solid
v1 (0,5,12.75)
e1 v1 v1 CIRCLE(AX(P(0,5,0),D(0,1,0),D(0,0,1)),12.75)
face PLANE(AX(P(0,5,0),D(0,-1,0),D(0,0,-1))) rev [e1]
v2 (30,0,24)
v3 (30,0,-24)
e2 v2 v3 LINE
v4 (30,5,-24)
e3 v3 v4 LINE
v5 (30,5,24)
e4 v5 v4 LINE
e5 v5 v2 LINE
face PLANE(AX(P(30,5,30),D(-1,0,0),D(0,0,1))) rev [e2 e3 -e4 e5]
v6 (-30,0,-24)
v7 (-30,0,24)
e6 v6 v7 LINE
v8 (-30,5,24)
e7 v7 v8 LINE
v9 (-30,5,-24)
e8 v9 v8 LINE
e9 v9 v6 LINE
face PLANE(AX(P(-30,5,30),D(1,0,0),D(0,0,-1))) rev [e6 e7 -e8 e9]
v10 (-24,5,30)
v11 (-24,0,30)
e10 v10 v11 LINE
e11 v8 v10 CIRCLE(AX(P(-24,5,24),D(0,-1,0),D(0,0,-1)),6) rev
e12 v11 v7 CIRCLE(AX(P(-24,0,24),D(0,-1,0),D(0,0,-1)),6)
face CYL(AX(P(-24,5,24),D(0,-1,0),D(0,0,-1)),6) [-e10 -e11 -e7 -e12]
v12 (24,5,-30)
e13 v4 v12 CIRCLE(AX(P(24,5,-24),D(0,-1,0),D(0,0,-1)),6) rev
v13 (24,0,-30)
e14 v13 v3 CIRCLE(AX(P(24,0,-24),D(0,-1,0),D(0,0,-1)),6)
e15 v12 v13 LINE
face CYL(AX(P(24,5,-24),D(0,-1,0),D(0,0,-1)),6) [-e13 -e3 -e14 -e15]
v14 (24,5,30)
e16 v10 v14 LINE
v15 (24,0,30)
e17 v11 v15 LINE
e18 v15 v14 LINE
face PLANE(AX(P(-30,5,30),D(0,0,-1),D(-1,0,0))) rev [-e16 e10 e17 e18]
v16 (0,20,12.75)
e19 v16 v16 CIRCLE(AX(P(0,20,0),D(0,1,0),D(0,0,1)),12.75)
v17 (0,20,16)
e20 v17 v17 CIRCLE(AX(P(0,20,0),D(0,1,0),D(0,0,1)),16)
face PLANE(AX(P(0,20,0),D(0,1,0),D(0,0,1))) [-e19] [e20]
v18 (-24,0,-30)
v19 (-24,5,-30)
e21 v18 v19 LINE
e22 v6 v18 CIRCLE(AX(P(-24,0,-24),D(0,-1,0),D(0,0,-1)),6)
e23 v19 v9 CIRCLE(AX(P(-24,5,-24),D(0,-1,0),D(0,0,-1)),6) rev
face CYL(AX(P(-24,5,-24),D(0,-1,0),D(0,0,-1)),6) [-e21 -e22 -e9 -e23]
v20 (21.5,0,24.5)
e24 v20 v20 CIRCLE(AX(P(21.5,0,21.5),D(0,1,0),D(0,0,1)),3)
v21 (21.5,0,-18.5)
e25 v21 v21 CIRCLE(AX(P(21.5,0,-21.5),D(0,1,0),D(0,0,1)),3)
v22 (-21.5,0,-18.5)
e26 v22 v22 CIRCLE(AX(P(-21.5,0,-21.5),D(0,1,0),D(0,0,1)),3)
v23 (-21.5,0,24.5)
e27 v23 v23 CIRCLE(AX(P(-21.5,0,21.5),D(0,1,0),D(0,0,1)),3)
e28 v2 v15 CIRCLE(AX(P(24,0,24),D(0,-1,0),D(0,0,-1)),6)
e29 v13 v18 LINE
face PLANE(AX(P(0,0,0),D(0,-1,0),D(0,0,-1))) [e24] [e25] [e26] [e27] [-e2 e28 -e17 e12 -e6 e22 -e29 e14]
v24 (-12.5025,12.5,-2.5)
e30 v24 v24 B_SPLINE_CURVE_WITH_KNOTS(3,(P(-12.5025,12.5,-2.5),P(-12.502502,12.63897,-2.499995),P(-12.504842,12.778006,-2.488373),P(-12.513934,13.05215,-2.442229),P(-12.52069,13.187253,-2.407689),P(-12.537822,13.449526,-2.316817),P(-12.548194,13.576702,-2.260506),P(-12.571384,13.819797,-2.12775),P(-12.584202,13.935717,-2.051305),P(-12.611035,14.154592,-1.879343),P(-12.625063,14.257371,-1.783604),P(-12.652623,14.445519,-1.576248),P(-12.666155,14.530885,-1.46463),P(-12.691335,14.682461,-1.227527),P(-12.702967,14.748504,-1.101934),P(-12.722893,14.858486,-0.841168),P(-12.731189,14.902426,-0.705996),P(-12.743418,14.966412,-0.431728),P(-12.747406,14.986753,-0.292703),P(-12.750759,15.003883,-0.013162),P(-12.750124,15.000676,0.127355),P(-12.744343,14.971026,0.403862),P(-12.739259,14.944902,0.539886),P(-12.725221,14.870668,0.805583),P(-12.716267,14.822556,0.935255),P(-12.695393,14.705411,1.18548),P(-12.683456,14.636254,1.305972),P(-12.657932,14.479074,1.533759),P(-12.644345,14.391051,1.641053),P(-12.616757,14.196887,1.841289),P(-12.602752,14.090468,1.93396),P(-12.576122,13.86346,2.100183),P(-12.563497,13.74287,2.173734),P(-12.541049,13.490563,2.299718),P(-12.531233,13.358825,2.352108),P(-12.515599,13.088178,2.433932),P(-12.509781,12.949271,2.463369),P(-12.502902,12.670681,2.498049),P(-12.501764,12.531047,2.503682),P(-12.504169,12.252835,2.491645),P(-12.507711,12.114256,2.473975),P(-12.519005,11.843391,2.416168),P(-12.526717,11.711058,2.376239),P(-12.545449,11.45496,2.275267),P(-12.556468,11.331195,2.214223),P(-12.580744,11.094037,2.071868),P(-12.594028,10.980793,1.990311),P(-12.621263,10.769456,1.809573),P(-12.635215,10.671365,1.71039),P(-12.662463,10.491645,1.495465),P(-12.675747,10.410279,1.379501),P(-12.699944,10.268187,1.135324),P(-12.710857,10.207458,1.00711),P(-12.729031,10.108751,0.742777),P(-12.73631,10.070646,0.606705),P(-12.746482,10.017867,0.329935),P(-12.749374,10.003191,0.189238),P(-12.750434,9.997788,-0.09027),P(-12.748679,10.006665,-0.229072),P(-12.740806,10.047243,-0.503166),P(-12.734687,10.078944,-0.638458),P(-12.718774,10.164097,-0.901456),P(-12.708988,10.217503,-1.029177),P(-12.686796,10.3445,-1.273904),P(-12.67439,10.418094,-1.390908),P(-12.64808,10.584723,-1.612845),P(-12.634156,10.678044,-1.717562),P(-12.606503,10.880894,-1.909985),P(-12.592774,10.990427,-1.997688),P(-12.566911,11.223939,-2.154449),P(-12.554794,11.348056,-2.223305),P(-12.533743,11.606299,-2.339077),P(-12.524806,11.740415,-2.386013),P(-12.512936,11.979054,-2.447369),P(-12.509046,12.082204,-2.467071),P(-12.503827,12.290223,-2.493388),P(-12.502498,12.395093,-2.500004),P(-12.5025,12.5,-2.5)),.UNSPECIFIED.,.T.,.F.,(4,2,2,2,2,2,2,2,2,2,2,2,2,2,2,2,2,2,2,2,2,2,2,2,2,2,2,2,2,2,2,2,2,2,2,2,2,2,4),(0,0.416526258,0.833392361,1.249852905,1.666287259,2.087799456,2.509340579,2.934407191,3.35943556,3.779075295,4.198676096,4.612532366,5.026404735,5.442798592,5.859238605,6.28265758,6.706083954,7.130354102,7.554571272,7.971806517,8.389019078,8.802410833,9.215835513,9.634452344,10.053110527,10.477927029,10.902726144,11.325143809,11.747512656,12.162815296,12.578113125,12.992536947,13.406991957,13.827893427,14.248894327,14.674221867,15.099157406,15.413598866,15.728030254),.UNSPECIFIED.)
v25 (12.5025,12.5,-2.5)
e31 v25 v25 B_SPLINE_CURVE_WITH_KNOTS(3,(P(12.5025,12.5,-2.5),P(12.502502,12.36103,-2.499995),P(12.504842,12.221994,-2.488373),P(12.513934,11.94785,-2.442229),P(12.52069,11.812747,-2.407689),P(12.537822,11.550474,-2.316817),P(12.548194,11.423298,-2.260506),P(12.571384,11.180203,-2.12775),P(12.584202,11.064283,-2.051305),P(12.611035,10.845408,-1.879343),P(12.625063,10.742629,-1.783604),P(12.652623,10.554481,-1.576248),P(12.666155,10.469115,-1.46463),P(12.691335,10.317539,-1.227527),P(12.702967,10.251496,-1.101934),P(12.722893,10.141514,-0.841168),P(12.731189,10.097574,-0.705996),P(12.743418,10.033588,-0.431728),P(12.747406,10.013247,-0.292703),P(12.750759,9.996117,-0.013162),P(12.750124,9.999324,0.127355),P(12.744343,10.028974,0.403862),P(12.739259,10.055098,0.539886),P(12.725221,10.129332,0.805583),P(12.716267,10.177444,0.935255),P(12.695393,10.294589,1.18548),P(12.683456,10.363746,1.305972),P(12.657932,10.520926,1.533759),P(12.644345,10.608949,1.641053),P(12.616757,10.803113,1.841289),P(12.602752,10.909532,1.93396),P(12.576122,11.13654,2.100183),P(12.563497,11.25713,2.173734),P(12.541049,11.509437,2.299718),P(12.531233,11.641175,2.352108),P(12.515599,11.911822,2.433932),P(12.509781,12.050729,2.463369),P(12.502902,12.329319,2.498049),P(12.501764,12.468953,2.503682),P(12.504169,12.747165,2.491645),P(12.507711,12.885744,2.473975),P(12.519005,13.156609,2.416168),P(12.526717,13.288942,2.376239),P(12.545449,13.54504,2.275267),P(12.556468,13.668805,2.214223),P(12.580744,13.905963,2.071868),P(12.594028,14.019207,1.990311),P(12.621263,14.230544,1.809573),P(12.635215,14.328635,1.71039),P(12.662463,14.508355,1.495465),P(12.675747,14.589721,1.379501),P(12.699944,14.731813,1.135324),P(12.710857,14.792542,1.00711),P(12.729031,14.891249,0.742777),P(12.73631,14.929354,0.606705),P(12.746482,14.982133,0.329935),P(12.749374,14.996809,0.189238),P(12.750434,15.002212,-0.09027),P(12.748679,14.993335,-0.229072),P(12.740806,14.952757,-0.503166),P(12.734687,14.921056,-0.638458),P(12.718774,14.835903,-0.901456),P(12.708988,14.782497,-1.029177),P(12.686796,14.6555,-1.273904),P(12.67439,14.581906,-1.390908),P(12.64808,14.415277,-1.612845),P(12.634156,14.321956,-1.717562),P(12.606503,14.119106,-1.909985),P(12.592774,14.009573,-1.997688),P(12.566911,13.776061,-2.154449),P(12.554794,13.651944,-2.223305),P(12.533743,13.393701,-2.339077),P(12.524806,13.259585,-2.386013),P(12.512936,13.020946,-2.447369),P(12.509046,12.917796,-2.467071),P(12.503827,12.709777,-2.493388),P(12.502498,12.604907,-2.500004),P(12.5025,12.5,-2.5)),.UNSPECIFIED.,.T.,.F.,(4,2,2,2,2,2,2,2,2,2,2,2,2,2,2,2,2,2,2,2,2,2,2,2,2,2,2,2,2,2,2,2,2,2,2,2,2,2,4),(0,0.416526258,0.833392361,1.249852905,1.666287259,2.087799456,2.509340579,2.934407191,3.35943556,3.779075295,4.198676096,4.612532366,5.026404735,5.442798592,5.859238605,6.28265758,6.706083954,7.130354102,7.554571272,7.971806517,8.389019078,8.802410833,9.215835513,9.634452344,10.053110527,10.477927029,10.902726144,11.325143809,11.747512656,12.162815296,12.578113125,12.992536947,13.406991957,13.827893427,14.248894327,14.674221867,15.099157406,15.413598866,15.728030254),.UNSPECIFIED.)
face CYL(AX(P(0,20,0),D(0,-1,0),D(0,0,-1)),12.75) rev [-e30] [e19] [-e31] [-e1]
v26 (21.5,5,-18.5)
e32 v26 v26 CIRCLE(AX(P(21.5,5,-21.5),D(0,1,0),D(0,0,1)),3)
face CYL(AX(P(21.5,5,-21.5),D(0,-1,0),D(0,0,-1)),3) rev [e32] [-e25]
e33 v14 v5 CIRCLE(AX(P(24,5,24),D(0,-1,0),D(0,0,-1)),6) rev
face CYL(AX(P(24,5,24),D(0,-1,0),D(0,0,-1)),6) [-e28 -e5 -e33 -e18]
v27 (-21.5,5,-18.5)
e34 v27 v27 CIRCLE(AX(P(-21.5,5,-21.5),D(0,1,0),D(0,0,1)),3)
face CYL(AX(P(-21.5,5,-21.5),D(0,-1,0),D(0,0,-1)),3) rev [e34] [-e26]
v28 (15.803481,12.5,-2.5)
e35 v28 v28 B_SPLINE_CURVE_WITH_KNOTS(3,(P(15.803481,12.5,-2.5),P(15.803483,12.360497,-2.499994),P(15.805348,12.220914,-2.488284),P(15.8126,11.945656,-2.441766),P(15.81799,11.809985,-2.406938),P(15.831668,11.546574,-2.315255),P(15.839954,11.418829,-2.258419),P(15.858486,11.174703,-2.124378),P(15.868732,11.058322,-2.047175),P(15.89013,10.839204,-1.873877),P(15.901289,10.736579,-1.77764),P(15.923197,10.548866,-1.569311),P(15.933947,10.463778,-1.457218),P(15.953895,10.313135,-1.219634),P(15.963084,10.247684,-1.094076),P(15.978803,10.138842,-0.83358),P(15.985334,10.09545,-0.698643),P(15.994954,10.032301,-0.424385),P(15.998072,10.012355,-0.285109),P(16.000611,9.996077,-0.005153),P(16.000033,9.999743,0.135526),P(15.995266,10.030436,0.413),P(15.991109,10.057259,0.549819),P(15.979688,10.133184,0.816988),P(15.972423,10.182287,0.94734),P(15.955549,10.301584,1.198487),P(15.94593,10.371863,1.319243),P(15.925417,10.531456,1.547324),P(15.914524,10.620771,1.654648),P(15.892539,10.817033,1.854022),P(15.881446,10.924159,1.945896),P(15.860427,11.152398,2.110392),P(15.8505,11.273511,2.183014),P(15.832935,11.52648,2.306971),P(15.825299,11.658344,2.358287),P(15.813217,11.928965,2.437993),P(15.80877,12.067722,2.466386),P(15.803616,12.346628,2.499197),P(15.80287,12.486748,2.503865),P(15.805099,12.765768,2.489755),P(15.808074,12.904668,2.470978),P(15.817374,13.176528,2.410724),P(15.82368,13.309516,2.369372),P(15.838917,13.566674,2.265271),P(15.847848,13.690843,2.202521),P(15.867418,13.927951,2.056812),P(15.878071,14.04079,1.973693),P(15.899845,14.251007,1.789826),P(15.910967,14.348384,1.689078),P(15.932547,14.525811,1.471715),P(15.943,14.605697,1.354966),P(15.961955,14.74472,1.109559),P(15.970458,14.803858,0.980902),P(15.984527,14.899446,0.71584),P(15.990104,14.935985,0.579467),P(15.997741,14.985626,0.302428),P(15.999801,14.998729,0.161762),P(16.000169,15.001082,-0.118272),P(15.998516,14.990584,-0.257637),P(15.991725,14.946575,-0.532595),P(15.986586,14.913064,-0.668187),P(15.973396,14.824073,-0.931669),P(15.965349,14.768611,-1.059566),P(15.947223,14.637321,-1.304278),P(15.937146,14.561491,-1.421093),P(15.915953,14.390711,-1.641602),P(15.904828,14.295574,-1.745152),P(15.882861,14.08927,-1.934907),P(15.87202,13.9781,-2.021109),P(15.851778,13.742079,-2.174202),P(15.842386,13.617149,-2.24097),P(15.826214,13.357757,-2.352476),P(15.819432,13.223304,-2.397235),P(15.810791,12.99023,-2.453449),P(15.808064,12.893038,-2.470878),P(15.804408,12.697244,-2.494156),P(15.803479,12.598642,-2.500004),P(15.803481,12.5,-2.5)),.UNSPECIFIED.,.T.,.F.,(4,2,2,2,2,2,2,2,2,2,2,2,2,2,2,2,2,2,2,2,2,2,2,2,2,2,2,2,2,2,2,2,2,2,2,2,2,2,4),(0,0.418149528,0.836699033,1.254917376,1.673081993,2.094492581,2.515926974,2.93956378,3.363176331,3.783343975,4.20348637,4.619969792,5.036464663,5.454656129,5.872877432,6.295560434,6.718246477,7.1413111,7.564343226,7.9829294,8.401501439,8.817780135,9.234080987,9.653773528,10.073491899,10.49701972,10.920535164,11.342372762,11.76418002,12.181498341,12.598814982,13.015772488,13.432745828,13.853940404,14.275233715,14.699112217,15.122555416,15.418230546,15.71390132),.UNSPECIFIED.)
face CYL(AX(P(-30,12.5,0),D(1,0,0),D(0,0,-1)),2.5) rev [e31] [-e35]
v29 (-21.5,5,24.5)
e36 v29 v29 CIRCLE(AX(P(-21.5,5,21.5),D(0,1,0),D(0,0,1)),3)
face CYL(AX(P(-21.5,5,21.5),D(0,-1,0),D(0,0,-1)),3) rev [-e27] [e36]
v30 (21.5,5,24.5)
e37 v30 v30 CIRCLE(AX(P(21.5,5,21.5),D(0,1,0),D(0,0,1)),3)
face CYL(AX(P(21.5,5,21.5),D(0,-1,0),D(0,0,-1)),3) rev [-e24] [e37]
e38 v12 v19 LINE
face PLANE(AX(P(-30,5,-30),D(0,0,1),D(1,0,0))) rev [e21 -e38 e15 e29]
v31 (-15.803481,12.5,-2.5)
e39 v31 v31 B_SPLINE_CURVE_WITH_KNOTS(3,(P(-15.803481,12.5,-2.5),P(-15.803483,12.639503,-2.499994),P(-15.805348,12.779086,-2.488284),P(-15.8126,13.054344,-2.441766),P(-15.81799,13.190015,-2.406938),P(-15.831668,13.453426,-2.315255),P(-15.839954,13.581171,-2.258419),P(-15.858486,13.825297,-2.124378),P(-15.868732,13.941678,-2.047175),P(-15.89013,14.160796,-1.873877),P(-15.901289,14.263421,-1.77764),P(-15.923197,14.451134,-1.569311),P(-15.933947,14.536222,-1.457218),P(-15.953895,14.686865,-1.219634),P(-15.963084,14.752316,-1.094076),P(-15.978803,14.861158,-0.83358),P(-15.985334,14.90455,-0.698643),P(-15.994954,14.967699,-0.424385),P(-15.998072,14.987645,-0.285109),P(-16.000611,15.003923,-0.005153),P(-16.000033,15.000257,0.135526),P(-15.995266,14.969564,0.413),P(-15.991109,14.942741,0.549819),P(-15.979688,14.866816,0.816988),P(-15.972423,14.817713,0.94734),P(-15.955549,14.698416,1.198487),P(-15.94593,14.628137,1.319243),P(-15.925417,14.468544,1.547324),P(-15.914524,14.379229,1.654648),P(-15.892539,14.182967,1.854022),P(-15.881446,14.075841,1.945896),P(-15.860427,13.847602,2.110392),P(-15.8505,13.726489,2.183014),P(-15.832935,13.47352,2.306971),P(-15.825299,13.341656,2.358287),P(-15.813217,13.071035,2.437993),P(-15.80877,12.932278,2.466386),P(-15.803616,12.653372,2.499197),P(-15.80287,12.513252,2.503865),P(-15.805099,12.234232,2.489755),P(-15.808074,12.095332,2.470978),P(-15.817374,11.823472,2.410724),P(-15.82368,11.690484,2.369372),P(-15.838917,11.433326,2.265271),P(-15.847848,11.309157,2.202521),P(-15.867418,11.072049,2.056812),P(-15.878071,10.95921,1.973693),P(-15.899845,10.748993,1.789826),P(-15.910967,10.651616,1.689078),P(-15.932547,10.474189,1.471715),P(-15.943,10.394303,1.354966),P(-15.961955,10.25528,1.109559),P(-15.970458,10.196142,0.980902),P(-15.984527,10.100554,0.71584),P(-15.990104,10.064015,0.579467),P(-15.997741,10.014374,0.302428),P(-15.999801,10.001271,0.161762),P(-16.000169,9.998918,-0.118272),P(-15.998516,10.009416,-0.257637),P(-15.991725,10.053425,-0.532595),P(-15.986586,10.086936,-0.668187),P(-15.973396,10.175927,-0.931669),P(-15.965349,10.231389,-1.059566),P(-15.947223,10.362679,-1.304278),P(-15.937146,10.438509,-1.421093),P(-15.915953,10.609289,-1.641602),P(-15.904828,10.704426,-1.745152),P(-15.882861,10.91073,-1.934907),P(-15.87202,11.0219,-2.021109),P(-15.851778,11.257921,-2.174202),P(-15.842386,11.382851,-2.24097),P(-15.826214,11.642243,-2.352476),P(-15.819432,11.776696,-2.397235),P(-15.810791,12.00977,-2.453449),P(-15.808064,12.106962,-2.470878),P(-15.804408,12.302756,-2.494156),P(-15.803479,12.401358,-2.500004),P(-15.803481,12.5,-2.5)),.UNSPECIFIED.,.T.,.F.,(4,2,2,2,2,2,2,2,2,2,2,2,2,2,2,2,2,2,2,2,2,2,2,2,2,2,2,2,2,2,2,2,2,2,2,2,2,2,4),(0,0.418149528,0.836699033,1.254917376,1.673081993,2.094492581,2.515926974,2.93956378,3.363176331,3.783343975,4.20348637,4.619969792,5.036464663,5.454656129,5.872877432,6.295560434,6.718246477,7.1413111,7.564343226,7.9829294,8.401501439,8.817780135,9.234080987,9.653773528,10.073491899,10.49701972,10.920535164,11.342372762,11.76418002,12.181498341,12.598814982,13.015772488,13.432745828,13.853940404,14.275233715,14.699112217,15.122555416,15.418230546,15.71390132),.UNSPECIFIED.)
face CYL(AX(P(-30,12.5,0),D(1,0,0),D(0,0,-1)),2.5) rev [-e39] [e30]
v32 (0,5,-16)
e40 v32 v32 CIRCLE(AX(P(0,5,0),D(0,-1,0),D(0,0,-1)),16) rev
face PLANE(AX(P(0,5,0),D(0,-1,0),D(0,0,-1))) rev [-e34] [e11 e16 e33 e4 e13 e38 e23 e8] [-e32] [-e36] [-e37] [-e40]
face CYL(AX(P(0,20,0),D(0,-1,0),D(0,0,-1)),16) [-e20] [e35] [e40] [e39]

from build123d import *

# Parameters (mm, degrees)
SKETCH1_W               = 60
SKETCH1_H               = 60
SKETCH1_R               = 3
BOSS_EXTRUDE1_DEPTH     = 5
FILLET1_R               = 6
SKETCH2_R               = 16
SKETCH2_R_2             = 12.75
BOSS_EXTRUDE2_DEPTH     = 15
CUT_EXTRUDE1_DEPTH      = 47.904157598
CUT_EXTRUDE1_DEPTH_BACK = 47.904157598
SKETCH3_R               = 2.5


with BuildPart() as part:
    # Sketch1 → Boss-Extrude1 (new body)
    with BuildSketch(Plane(origin=(0, 0, 0), x_dir=(1, 0, 0), z_dir=(0, 1, 0))):
        Rectangle(SKETCH1_W, SKETCH1_H)
        with Locations(Location((21.5, 21.5, 0), (0, 0, 270))):
            Circle(SKETCH1_R, mode=Mode.SUBTRACT)
        with Locations(Location((-21.5, 21.5, 0), (0, 0, 270))):
            Circle(SKETCH1_R, mode=Mode.SUBTRACT)
        with Locations(Location((-21.5, -21.5, 0), (0, 0, 270))):
            Circle(SKETCH1_R, mode=Mode.SUBTRACT)
        with Locations(Location((21.5, -21.5, 0), (0, 0, 270))):
            Circle(SKETCH1_R, mode=Mode.SUBTRACT)
    extrude(amount=BOSS_EXTRUDE1_DEPTH)

    # Fillet1
    fillet1_edges = [part.edges().sort_by_distance(p)[0] for p in [
        (30, 2.5, 30),
        (-30, 2.5, 30),
        (-30, 2.5, -30),
        (30, 2.5, -30),
    ]]
    fillet(fillet1_edges, radius=FILLET1_R)

    # Sketch2 → Boss-Extrude2 (add)
    with BuildSketch(Plane(origin=(0, 5, 0), x_dir=(1, 0, 0), z_dir=(0, 1, 0))):
        with Locations(Location((0, 0, 0), (0, 0, 90))):
            Circle(SKETCH2_R)
        with Locations(Location((0, 0, 0), (0, 0, 270))):
            Circle(SKETCH2_R_2, mode=Mode.SUBTRACT)
    extrude(amount=BOSS_EXTRUDE2_DEPTH)

    # Sketch3 → Cut-Extrude1 (cut, two sides: drawn at the far end of the back side and taken through both)
    with BuildSketch(Plane(origin=(0, 0, 0), x_dir=(0, 0, -1), z_dir=(1, 0, 0)).offset(-CUT_EXTRUDE1_DEPTH_BACK)):
        with Locations((0, 12.5)):
            Circle(SKETCH3_R)
    extrude(amount=CUT_EXTRUDE1_DEPTH + CUT_EXTRUDE1_DEPTH_BACK, mode=Mode.SUBTRACT)


solid = part.part
